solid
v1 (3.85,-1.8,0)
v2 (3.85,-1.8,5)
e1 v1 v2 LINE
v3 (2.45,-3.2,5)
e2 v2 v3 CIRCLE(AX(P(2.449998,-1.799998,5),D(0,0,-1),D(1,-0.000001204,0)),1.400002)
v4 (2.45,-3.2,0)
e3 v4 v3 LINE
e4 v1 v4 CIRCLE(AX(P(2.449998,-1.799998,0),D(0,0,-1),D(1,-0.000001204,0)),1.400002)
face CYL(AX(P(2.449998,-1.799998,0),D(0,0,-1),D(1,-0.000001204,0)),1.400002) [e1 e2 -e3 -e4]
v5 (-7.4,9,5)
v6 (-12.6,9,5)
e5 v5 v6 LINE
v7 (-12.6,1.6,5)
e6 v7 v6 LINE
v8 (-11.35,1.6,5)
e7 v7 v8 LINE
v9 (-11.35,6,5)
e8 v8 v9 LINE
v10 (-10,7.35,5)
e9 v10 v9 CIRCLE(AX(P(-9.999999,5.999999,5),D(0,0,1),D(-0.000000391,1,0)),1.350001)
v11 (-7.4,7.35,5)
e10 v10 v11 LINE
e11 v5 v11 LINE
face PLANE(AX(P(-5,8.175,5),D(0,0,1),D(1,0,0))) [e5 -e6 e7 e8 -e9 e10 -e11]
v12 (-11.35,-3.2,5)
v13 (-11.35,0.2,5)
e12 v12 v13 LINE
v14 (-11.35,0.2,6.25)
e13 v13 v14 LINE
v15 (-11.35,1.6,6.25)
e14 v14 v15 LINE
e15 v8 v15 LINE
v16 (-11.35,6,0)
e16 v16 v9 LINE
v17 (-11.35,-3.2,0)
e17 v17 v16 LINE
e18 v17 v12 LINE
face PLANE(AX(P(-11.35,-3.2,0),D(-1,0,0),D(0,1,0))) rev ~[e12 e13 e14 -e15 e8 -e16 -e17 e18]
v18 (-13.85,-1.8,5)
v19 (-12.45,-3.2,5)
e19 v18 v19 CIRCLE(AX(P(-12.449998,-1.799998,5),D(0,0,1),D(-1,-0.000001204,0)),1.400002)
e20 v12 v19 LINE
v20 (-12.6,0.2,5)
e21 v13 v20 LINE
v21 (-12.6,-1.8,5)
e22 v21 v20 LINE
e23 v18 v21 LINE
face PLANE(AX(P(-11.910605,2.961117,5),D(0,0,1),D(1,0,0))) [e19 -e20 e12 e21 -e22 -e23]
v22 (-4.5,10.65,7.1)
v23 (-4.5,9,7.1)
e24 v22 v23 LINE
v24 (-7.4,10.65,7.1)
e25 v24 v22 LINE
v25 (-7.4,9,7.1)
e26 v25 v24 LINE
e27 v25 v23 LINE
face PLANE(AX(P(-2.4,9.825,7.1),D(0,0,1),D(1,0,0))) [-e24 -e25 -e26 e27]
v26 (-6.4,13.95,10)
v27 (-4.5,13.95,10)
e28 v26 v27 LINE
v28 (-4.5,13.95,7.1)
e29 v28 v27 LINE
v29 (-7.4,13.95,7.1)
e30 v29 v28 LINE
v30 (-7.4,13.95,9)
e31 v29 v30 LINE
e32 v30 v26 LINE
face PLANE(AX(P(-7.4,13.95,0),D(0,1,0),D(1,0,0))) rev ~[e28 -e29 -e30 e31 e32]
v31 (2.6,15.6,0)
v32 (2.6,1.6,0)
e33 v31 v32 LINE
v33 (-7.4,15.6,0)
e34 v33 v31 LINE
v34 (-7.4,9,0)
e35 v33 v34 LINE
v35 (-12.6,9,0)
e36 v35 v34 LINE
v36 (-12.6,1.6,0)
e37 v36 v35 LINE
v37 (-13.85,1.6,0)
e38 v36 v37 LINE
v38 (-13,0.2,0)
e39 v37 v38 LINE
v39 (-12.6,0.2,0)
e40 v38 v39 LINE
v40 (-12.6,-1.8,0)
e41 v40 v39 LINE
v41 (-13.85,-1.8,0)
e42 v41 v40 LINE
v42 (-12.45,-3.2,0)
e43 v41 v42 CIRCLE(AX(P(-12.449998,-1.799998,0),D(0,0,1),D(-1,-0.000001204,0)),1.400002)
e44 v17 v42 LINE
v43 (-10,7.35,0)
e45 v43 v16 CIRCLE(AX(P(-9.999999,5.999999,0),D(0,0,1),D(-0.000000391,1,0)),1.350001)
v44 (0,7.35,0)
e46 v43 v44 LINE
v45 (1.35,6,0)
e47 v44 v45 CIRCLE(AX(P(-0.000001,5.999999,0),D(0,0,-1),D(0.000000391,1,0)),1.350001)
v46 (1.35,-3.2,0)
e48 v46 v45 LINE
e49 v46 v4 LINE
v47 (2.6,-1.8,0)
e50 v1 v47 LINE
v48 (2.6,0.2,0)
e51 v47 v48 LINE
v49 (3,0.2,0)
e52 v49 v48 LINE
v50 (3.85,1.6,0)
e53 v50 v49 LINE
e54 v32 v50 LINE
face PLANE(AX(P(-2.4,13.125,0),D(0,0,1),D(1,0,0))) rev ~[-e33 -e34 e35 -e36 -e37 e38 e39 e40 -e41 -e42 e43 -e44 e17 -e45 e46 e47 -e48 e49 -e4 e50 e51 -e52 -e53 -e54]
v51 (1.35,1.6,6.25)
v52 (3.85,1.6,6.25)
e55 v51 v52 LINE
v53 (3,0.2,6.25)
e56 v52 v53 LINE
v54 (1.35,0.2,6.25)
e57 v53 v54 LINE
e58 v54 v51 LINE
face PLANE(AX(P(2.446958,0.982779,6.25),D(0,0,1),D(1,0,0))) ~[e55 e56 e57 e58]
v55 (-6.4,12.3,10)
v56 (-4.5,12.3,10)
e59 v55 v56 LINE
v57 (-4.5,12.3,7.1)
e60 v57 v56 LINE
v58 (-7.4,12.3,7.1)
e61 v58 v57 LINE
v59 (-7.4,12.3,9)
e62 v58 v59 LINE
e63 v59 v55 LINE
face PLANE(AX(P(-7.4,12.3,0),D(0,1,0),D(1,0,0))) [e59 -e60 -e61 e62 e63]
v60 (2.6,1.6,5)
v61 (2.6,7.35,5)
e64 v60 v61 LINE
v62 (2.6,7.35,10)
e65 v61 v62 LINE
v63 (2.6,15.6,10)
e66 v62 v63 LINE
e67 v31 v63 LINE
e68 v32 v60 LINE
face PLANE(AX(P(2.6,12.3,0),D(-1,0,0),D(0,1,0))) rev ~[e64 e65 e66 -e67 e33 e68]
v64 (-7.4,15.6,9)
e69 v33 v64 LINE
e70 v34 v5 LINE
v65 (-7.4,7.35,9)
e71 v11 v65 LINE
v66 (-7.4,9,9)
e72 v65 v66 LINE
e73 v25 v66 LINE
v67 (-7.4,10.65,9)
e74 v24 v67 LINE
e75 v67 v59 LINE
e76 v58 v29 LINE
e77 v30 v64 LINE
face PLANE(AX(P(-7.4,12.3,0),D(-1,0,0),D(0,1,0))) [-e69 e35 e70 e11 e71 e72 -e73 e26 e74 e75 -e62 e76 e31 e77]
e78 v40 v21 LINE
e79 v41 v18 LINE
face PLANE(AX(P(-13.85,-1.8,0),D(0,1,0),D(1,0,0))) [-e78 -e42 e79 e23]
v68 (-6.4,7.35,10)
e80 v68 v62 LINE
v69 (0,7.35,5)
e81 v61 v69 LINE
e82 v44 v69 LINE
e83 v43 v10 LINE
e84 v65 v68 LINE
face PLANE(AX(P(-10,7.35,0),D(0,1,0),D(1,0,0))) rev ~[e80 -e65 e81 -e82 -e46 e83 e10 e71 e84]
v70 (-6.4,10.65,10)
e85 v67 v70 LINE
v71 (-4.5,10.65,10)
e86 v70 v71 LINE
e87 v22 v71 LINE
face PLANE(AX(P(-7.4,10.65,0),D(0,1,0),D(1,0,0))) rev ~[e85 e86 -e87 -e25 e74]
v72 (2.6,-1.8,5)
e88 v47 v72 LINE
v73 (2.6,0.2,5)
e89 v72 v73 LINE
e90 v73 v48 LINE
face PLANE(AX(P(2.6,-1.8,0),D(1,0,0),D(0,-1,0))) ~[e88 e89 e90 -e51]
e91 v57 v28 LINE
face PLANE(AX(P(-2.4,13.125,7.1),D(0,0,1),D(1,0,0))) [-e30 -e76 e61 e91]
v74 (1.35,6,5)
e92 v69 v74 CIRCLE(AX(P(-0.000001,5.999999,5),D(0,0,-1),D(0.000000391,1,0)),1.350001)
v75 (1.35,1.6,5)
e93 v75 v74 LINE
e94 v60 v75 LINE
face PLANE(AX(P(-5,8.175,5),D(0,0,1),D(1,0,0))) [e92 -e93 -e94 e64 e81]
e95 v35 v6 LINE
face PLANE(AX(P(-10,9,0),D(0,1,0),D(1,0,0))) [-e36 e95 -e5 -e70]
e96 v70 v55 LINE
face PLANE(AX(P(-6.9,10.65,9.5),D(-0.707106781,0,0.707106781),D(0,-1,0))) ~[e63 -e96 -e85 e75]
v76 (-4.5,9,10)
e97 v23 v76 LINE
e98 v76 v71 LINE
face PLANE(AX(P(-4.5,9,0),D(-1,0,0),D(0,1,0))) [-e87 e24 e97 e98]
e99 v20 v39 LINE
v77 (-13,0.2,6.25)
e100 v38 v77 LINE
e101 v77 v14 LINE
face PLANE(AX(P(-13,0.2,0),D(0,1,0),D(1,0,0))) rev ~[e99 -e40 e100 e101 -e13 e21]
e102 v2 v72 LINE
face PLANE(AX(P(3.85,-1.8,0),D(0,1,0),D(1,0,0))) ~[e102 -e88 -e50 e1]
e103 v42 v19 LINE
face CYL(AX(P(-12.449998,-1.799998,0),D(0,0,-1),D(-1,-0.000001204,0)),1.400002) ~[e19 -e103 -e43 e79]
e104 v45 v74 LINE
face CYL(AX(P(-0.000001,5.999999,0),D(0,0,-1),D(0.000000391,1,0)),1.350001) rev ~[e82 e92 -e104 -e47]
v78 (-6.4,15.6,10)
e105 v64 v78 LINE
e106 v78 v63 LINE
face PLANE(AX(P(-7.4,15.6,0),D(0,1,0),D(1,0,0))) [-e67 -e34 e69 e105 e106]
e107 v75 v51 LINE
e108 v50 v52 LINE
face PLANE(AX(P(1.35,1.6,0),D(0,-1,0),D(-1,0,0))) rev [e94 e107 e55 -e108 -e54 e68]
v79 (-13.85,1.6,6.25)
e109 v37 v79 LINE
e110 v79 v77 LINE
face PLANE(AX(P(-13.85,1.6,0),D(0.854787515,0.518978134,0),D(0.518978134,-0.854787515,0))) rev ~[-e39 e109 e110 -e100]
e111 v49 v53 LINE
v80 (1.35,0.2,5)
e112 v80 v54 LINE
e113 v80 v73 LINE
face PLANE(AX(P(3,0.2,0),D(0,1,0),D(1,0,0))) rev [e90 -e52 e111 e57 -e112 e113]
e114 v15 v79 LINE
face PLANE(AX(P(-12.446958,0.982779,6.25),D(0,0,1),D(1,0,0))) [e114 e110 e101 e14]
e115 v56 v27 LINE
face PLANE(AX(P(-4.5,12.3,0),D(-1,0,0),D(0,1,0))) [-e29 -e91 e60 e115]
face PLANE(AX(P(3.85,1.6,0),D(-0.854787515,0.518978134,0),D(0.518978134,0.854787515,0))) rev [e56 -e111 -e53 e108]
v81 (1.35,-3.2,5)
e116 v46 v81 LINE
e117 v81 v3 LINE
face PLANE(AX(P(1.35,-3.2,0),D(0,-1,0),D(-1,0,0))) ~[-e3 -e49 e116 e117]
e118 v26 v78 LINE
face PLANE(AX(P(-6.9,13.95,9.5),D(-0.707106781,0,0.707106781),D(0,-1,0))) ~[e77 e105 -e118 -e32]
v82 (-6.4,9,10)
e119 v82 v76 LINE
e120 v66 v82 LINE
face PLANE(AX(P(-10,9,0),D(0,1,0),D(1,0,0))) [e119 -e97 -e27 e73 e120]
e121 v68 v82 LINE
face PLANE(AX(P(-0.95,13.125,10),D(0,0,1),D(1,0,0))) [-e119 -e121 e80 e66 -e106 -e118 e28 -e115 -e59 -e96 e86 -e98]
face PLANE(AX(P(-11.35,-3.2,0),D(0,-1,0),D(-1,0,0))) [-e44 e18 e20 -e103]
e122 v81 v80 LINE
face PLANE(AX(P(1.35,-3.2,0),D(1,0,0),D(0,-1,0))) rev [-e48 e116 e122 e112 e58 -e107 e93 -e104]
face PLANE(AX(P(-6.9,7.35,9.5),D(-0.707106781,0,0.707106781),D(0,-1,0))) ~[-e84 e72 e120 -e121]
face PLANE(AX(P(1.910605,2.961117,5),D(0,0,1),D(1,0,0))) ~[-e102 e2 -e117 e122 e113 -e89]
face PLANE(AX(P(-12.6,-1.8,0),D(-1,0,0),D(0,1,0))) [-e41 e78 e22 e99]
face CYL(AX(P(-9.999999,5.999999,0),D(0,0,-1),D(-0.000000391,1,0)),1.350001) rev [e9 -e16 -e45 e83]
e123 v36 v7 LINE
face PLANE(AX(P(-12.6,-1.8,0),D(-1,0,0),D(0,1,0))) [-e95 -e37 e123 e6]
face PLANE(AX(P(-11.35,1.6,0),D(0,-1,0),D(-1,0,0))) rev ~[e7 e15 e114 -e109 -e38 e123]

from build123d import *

# Parameters (mm, degrees)
PAD017_DEPTH           = 5
PAD020_DEPTH           = 6.25
SKETCH038_W            = 10
SKETCH038_H            = 1.65
PAD021_DEPTH           = 5
SKETCH089_W            = 10
SKETCH089_H            = 1.65
PAD058_DEPTH           = 10
SKETCH086_W            = 10
SKETCH086_H            = 1.65
PAD059_DEPTH           = 7.1
SKETCH087_W            = 7.1
SKETCH087_H            = 1.65
PAD060_DEPTH           = 10
SKETCH088_W            = 10
SKETCH088_H            = 1.65
PAD061_DEPTH           = 10
LINEARPATTERN020_COUNT = 2
LINEARPATTERN020_PITCH = 3.3
CHAMFER010_SIZE        = 1


with BuildPart() as bc_c:
    # Sketch034 → Pad017 (new body)
    with BuildSketch(Plane.XY):
        with BuildLine():
            Line((-1.35, -1.8), (-1.35, 6))
            ThreePointArc((0, 7.35), (-0.954594, 6.954594), (-1.35, 6))
            Line((0, 9), (0, 7.35))
            Line((-2.6, 9), (0, 9))
            Line((-2.6, -1.8), (-2.6, 9))
            Line((-3.85, -1.8), (-2.6, -1.8))
            ThreePointArc((-3.85, -1.8), (-3.439949, -2.789949), (-2.45, -3.2))
            Line((-1.35, -3.2), (-2.45, -3.2))
            Line((-1.35, -1.8), (-1.35, -3.2))
        make_face()
    extrude(amount=PAD017_DEPTH)

    # Sketch037 → Pad020 (join)
    with BuildSketch(Plane.XY):
        Polygon((-1.35, 0.2), (-1.35, 1.6), (-2.6, 1.6), (-3.85, 1.6), (-3, 0.2), (-2.6, 0.2), align=None)
    extrude(amount=PAD020_DEPTH)


with BuildPart() as body031:
    # Mirror002: instance of _bc_c
    add(bc_c.part.mirror(Plane(origin=(5, 0, 0), x_dir=(0, 1, 0), z_dir=(-1, 0, 0))))

    # Fusion002: union _bc_c
    add(bc_c.part)


with BuildPart() as body031_1:
    # Clone003 placement: moved
    add(body031.part.moved(Location((-5, 0, 0))))

    # Sketch038 → Pad021 (new body)
    with BuildSketch(Plane.XY):
        with Locations((0, 8.175)):
            Rectangle(SKETCH038_W, SKETCH038_H)
    extrude(amount=PAD021_DEPTH)

    # Sketch089 → Pad058 (new body)
    with BuildSketch(Plane.XY):
        with Locations((2.6, 8.175)):
            Rectangle(SKETCH089_W, SKETCH089_H)
    extrude(amount=PAD058_DEPTH)

    # Sketch086 → Pad059 (join)
    with BuildSketch(Plane.XY):
        with Locations((2.6, 9.825)):
            Rectangle(SKETCH086_W, SKETCH086_H)
    pad059 = extrude(amount=PAD059_DEPTH)

    # Sketch087 → Pad060 (join)
    with BuildSketch(Plane.XY):
        with Locations((4.05, 9.825)):
            Rectangle(SKETCH087_W, SKETCH087_H)
    pad060 = extrude(amount=PAD060_DEPTH)

    # Sketch088 → Pad061 (join)
    with BuildSketch(Plane.XY):
        with Locations((2.6, 11.475)):
            Rectangle(SKETCH088_W, SKETCH088_H)
    pad061 = extrude(amount=PAD061_DEPTH)

    # LinearPattern020: Pad061, Pad060, Pad059 ×2
    with Locations(*[(0, i * LINEARPATTERN020_PITCH, 0) for i in range(1, LINEARPATTERN020_COUNT)]):
        add(pad061)
        add(pad060)
        add(pad059)

    # Chamfer010
    chamfer010_edges = [body031_1.edges().sort_by_distance(p)[0] for p in [
        (-2.4, 14.775, 10),
        (-2.4, 11.475, 10),
        (-2.4, 8.175, 10),
    ]]
    chamfer(chamfer010_edges, length=CHAMFER010_SIZE)


with BuildPart() as body031_2:
    # Body031 placement: moved
    add(body031_1.part.moved(Location((-5, 0, 0))))


solid = body031_2.part
